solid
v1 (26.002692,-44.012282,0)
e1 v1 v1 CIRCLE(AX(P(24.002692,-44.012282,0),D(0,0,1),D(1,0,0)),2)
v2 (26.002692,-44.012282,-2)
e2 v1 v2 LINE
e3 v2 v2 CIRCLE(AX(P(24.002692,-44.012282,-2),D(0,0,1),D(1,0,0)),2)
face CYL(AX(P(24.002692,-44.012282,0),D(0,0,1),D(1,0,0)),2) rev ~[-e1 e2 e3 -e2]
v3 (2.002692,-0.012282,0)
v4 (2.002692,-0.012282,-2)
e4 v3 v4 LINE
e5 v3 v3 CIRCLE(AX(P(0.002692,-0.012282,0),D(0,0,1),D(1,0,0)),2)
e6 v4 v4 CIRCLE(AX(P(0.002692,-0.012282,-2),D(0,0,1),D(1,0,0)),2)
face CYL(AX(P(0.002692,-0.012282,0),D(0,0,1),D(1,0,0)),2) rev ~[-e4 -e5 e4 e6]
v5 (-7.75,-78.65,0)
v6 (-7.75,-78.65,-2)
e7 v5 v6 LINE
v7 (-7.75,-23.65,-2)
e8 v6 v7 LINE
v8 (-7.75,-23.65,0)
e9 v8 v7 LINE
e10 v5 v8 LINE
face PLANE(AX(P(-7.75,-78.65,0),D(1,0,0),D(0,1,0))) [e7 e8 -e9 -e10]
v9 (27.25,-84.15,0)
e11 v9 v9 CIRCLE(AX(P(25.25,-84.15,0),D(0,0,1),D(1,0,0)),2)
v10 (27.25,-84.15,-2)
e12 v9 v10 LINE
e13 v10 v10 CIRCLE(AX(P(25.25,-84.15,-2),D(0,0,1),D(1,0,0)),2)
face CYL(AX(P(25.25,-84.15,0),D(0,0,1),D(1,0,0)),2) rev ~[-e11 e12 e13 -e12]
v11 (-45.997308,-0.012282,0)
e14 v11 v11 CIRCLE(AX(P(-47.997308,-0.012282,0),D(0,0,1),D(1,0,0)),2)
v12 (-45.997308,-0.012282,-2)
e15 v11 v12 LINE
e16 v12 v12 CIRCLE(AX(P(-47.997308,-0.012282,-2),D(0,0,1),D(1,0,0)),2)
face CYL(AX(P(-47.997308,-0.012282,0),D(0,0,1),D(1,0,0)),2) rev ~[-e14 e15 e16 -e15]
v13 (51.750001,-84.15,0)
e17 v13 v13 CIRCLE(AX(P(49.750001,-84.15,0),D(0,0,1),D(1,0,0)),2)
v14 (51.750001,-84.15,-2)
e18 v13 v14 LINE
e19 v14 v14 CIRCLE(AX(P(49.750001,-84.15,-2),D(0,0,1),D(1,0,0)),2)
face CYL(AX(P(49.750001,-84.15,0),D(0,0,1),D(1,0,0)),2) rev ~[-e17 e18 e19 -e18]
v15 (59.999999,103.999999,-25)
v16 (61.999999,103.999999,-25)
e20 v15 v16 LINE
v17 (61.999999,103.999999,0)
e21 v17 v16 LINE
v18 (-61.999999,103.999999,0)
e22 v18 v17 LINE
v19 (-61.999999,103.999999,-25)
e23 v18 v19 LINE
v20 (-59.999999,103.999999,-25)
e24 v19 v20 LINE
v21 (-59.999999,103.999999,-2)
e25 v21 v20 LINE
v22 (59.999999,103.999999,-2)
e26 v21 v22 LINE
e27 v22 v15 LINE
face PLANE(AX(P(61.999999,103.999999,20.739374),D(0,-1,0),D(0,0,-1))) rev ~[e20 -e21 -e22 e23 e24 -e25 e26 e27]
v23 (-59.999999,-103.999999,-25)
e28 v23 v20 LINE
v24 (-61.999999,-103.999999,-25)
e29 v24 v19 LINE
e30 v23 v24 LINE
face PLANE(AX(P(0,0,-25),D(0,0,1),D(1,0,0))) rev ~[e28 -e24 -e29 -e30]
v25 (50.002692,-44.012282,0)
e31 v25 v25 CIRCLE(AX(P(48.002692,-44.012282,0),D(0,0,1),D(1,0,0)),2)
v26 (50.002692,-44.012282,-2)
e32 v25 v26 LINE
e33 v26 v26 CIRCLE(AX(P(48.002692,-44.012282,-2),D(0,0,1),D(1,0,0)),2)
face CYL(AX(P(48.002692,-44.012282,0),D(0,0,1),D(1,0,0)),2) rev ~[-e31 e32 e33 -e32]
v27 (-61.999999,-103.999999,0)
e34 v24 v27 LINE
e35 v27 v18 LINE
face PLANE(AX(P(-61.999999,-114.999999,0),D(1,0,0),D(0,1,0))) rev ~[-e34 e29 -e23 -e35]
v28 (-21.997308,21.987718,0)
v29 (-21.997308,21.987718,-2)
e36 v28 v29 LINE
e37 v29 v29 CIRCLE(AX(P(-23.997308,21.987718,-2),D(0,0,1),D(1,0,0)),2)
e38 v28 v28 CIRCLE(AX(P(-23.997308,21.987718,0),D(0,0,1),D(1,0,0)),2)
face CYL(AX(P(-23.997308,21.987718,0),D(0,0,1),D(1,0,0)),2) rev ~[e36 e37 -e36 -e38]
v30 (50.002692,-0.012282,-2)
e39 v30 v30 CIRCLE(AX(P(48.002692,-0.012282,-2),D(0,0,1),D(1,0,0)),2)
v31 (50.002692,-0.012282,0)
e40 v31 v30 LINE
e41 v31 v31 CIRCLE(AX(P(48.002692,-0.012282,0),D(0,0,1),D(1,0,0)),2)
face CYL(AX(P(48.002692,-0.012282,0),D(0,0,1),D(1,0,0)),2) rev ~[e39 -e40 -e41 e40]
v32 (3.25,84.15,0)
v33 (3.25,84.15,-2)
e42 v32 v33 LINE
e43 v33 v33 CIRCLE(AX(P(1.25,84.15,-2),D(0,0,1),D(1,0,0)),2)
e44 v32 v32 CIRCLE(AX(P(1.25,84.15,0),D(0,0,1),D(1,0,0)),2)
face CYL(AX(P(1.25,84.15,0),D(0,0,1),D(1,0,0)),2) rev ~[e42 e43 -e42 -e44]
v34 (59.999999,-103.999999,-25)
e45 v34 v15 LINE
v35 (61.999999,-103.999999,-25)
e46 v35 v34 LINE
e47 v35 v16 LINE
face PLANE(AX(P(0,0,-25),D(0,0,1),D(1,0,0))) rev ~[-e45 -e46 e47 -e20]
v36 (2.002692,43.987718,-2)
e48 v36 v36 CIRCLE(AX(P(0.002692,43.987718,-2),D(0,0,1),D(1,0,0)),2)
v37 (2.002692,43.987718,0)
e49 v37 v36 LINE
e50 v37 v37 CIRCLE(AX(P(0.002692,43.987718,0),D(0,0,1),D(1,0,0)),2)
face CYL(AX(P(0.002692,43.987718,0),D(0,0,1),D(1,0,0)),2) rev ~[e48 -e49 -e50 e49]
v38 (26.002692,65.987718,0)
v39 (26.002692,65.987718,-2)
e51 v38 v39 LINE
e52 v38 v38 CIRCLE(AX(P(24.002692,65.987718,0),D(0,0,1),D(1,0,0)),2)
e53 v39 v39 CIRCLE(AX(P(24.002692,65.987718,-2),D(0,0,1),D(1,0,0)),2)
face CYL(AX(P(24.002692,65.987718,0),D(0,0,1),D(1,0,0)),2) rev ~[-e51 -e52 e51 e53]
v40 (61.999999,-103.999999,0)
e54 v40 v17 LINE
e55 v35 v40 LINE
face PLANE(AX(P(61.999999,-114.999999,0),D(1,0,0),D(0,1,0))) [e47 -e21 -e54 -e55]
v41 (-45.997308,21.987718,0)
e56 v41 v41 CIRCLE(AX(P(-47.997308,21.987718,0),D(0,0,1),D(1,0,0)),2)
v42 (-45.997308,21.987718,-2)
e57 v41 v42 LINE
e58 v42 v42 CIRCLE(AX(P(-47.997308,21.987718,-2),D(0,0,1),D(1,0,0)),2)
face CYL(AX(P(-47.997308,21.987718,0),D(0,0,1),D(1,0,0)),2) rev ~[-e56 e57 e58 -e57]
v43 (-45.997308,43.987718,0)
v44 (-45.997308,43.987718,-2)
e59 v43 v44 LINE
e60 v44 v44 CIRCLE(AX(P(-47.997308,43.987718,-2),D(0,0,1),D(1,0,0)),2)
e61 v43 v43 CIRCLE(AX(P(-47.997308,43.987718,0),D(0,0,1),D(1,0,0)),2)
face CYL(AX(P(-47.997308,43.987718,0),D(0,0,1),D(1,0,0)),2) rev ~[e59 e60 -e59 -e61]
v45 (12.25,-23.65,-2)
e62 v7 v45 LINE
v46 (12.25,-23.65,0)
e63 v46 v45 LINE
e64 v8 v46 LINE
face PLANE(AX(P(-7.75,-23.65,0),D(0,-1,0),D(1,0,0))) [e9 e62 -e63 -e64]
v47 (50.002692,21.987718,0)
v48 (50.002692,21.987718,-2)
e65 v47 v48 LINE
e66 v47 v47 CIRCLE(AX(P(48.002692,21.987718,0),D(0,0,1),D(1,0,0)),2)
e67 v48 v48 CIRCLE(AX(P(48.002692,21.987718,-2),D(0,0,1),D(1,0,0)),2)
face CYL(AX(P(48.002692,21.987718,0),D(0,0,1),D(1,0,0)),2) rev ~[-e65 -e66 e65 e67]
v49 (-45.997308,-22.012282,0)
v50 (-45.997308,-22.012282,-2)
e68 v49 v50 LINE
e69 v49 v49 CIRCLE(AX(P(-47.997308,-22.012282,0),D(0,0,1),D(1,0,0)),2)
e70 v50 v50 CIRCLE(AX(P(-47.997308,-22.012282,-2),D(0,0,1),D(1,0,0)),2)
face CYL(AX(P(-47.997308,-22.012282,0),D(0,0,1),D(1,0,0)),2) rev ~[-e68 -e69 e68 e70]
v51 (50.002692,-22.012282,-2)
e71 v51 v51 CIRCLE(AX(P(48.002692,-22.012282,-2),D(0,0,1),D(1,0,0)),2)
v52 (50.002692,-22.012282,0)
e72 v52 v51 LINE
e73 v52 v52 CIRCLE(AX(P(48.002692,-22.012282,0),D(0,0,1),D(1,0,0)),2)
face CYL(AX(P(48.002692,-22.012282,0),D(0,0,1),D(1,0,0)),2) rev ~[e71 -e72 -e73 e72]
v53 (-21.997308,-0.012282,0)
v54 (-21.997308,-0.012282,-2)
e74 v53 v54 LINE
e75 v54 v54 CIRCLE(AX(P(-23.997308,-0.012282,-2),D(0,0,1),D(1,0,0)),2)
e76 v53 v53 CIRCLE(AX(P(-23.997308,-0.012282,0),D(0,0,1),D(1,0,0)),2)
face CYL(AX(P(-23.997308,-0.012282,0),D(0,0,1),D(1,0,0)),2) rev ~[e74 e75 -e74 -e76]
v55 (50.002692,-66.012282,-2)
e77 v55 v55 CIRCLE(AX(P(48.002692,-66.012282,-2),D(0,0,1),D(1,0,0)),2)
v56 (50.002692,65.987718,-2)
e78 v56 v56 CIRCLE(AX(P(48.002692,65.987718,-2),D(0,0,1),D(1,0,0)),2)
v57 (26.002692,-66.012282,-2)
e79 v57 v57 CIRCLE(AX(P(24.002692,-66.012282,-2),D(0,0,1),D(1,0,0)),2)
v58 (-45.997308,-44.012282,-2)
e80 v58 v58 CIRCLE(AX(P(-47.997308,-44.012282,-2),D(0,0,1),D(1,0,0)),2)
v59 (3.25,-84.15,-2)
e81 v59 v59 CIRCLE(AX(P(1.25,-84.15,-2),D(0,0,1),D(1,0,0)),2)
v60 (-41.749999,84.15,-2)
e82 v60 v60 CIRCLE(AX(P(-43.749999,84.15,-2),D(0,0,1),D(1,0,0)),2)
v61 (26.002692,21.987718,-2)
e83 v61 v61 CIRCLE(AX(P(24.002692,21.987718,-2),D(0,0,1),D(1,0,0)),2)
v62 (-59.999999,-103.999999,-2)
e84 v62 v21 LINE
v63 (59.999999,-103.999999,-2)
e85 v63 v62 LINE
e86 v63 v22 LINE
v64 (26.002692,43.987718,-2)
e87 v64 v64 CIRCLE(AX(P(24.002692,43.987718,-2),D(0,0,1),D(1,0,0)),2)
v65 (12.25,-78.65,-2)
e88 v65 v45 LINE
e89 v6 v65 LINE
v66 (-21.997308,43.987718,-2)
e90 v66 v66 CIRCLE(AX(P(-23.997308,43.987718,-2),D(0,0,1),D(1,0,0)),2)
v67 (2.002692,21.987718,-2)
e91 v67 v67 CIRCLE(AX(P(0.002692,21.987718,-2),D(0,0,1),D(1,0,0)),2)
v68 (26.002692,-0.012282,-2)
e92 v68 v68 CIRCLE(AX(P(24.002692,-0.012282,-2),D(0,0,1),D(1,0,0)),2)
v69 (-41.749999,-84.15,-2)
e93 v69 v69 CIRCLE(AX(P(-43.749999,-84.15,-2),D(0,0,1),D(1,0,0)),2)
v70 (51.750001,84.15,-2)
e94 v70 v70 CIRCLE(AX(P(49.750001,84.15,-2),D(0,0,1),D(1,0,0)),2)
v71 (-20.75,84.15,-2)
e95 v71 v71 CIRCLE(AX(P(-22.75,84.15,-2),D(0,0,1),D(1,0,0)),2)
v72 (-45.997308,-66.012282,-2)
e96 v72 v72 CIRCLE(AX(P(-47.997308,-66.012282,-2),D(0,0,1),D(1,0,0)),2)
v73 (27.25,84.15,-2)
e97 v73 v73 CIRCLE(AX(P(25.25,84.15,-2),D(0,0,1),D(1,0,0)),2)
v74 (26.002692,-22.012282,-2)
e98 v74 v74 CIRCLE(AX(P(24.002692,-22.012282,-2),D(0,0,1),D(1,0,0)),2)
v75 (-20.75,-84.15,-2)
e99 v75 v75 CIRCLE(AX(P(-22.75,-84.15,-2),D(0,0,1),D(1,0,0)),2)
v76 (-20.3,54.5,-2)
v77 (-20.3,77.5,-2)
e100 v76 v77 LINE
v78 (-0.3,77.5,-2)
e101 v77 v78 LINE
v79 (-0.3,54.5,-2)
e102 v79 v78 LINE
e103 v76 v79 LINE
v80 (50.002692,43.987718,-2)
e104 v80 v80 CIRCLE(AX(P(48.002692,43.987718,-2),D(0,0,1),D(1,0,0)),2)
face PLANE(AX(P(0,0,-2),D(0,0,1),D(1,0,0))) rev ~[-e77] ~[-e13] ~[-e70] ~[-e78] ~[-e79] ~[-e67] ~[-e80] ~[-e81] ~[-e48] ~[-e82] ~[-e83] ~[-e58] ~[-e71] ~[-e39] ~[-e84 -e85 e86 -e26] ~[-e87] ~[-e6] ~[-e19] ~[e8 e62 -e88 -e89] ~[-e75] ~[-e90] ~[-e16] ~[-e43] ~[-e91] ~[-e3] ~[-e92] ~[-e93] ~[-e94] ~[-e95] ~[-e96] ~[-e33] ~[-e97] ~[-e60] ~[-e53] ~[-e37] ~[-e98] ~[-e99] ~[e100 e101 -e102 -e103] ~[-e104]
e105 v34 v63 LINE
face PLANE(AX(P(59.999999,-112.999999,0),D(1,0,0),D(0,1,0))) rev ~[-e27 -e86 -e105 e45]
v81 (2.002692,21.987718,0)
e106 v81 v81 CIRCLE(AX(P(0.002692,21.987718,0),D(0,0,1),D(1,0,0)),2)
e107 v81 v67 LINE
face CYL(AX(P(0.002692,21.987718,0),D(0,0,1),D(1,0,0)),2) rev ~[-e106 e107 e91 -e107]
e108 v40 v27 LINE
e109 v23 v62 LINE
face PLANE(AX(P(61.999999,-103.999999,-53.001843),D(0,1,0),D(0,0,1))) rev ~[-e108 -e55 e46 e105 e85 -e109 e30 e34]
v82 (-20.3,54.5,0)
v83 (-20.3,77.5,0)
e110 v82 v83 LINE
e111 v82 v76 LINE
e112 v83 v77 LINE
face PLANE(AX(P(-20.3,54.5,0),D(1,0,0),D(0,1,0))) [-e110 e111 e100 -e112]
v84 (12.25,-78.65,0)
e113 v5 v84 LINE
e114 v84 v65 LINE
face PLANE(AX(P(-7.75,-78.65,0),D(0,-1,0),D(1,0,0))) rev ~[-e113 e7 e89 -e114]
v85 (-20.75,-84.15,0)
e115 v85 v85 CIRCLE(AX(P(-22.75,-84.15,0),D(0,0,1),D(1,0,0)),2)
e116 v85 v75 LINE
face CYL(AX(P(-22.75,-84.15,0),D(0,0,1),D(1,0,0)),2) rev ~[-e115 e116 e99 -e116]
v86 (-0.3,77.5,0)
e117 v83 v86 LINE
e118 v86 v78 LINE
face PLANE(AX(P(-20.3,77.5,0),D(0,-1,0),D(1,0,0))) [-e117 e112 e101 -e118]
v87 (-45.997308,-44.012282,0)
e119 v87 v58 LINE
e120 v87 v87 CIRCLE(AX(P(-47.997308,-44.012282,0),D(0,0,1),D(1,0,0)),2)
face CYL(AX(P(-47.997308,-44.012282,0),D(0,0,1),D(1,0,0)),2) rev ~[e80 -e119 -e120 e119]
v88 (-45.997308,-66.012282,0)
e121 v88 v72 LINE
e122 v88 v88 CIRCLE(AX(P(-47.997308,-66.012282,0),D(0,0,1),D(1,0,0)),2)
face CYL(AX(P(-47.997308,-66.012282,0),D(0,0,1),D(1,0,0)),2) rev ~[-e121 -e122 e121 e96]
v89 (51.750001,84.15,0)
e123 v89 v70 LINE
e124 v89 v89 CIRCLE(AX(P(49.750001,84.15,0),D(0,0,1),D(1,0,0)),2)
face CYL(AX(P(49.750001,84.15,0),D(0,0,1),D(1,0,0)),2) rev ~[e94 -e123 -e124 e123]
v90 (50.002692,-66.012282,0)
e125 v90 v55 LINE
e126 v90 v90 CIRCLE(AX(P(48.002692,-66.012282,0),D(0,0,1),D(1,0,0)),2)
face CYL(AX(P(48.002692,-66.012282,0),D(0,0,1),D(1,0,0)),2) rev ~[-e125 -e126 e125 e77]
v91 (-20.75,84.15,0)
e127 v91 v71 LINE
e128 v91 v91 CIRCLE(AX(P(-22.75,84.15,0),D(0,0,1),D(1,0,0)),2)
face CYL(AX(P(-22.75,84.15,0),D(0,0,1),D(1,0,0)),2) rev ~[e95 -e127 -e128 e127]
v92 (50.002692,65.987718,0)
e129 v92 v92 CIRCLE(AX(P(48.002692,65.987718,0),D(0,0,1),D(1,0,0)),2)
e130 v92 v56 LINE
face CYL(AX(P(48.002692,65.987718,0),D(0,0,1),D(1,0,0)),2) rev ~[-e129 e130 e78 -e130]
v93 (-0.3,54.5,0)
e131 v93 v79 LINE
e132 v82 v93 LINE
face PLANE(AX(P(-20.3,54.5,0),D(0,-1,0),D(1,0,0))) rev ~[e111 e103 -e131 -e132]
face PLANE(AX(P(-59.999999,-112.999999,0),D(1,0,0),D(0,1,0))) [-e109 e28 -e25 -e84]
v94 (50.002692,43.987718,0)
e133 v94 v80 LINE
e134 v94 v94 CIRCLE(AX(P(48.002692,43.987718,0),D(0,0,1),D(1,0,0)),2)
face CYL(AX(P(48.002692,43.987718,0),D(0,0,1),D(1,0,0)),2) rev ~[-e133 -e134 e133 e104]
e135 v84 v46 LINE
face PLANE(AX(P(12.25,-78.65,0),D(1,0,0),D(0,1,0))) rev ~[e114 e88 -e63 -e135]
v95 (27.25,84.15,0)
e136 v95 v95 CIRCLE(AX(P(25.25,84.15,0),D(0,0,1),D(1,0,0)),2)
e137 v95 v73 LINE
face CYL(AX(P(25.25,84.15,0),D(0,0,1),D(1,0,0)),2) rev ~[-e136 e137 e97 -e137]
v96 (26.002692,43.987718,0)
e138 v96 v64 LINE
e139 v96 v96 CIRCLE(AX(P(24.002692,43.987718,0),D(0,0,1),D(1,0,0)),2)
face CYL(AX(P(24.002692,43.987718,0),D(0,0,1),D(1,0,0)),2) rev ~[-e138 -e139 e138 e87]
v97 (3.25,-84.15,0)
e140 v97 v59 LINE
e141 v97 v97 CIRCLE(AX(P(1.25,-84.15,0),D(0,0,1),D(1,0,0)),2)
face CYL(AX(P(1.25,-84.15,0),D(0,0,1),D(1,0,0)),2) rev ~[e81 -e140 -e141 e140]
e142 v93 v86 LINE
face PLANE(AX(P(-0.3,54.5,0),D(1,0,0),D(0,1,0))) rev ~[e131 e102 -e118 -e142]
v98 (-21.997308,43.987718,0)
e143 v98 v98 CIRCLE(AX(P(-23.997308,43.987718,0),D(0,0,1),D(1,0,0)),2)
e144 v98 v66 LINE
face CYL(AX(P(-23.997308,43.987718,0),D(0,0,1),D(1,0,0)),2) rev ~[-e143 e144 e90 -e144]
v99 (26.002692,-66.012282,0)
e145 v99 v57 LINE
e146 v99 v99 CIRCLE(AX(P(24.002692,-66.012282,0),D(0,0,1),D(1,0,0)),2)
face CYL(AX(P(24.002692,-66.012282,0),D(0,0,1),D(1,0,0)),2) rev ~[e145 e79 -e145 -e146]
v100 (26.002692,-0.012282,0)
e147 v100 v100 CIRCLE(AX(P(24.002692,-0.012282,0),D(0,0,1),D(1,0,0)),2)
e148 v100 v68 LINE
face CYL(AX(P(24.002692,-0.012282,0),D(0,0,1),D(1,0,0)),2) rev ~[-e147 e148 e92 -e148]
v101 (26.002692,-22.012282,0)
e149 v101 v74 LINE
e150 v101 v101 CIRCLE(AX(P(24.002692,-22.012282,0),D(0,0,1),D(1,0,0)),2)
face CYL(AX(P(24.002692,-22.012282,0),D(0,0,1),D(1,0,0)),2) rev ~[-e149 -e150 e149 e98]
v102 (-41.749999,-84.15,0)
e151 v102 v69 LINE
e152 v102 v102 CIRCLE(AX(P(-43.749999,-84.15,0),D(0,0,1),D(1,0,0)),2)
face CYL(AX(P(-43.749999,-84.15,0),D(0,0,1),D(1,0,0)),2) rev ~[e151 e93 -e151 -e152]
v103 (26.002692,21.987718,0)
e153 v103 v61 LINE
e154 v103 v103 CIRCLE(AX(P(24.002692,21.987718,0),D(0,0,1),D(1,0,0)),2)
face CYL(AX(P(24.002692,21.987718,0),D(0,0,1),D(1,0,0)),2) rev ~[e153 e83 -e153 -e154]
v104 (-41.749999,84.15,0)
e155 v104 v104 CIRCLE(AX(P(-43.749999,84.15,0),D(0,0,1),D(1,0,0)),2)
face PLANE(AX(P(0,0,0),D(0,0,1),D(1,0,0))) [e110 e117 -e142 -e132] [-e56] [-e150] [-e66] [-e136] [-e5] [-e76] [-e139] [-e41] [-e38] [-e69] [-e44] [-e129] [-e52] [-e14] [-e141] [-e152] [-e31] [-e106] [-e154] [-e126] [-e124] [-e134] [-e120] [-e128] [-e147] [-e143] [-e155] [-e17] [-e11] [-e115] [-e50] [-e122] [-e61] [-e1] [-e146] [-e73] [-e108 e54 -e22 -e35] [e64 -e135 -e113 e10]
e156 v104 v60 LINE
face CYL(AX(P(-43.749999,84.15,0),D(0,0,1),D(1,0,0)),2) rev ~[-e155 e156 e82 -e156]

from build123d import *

# Parameters (mm, degrees)
F0_W     = 123.999998
F0_H     = 229.999998
F0_W_2   = 119.999998
F0_H_2   = 225.999998
F1_DEPTH = 25
F0_R     = 2
F0_W_3   = 20
F0_H_3   = 55
F0_H_4   = 23
F2_DEPTH = 2
F4_W     = 11
F4_H     = 74.715774
F5_DEPTH = 150


with BuildPart() as f1:
    # F0 (on Top) → F1 (new body)
    with BuildSketch(Plane.XY):
        Rectangle(F0_W, F0_H)
        Rectangle(F0_W_2, F0_H_2, mode=Mode.SUBTRACT)
    extrude(amount=-F1_DEPTH)

    # F0 (on Top) → F2 (join)
    with BuildSketch(Plane.XY):
        Rectangle(F0_W_2, F0_H_2)
        with Locations((-47.997308, -66.012282)):
            Circle(F0_R, mode=Mode.SUBTRACT)
        with Locations((-43.749999, -84.15)):
            Circle(F0_R, mode=Mode.SUBTRACT)
        with Locations((-22.75, -84.15)):
            Circle(F0_R, mode=Mode.SUBTRACT)
        with Locations((-47.997308, -44.012282)):
            Circle(F0_R, mode=Mode.SUBTRACT)
        with Locations((-47.997308, -22.012282)):
            Circle(F0_R, mode=Mode.SUBTRACT)
        with Locations((-47.997308, -0.012282)):
            Circle(F0_R, mode=Mode.SUBTRACT)
        with Locations((-23.997308, -0.012282)):
            Circle(F0_R, mode=Mode.SUBTRACT)
        with Locations((1.25, -84.15)):
            Circle(F0_R, mode=Mode.SUBTRACT)
        with Locations((25.25, -84.15)):
            Circle(F0_R, mode=Mode.SUBTRACT)
        with Locations((24.002692, -66.012282)):
            Circle(F0_R, mode=Mode.SUBTRACT)
        with Locations((49.750001, -84.15)):
            Circle(F0_R, mode=Mode.SUBTRACT)
        with Locations((48.002692, -66.012282)):
            Circle(F0_R, mode=Mode.SUBTRACT)
        with Locations((2.25, -51.15)):
            Rectangle(F0_W_3, F0_H_3, mode=Mode.SUBTRACT)
        with Locations((24.002692, -44.012282)):
            Circle(F0_R, mode=Mode.SUBTRACT)
        with Locations((0.002692, -0.012282)):
            Circle(F0_R, mode=Mode.SUBTRACT)
        with Locations((24.002692, -22.012282)):
            Circle(F0_R, mode=Mode.SUBTRACT)
        with Locations((24.002692, -0.012282)):
            Circle(F0_R, mode=Mode.SUBTRACT)
        with Locations((48.002692, -44.012282)):
            Circle(F0_R, mode=Mode.SUBTRACT)
        with Locations((48.002692, -22.012282)):
            Circle(F0_R, mode=Mode.SUBTRACT)
        with Locations((48.002692, -0.012282)):
            Circle(F0_R, mode=Mode.SUBTRACT)
        with Locations((-47.997308, 21.987718)):
            Circle(F0_R, mode=Mode.SUBTRACT)
        with Locations((-47.997308, 43.987718)):
            Circle(F0_R, mode=Mode.SUBTRACT)
        with Locations((-23.997308, 21.987718)):
            Circle(F0_R, mode=Mode.SUBTRACT)
        with Locations((-23.997308, 43.987718)):
            Circle(F0_R, mode=Mode.SUBTRACT)
        with Locations((-43.749999, 84.15)):
            Circle(F0_R, mode=Mode.SUBTRACT)
        with Locations((-22.75, 84.15)):
            Circle(F0_R, mode=Mode.SUBTRACT)
        with Locations((-10.3, 66)):
            Rectangle(F0_W_3, F0_H_4, mode=Mode.SUBTRACT)
        with Locations((0.002692, 21.987718)):
            Circle(F0_R, mode=Mode.SUBTRACT)
        with Locations((24.002692, 21.987718)):
            Circle(F0_R, mode=Mode.SUBTRACT)
        with Locations((0.002692, 43.987718)):
            Circle(F0_R, mode=Mode.SUBTRACT)
        with Locations((24.002692, 43.987718)):
            Circle(F0_R, mode=Mode.SUBTRACT)
        with Locations((48.002692, 21.987718)):
            Circle(F0_R, mode=Mode.SUBTRACT)
        with Locations((48.002692, 43.987718)):
            Circle(F0_R, mode=Mode.SUBTRACT)
        with Locations((1.25, 84.15)):
            Circle(F0_R, mode=Mode.SUBTRACT)
        with Locations((24.002692, 65.987718)):
            Circle(F0_R, mode=Mode.SUBTRACT)
        with Locations((25.25, 84.15)):
            Circle(F0_R, mode=Mode.SUBTRACT)
        with Locations((48.002692, 65.987718)):
            Circle(F0_R, mode=Mode.SUBTRACT)
        with Locations((49.750001, 84.15)):
            Circle(F0_R, mode=Mode.SUBTRACT)
    extrude(amount=-F2_DEPTH)

    # F4 (on face) → F5 (cut)
    with BuildSketch(Plane.YZ.offset(61.999999)):
        Polygon((114.999999, -88.085778), (114.999999, 20.739374), (103.999999, 20.739374), (103.999999, -53.001843), (103.999999, -88.085778), align=None)
        Polygon((103.999999, -88.085778), (103.999999, -53.001843), (-103.999999, -53.001843), (-114.999999, -53.001843), (-114.999999, -88.085778), align=None)
        with Locations((-109.499999, -15.643956)):
            Rectangle(F4_W, F4_H)
    extrude(amount=-F5_DEPTH, mode=Mode.SUBTRACT)


solid = f1.part
